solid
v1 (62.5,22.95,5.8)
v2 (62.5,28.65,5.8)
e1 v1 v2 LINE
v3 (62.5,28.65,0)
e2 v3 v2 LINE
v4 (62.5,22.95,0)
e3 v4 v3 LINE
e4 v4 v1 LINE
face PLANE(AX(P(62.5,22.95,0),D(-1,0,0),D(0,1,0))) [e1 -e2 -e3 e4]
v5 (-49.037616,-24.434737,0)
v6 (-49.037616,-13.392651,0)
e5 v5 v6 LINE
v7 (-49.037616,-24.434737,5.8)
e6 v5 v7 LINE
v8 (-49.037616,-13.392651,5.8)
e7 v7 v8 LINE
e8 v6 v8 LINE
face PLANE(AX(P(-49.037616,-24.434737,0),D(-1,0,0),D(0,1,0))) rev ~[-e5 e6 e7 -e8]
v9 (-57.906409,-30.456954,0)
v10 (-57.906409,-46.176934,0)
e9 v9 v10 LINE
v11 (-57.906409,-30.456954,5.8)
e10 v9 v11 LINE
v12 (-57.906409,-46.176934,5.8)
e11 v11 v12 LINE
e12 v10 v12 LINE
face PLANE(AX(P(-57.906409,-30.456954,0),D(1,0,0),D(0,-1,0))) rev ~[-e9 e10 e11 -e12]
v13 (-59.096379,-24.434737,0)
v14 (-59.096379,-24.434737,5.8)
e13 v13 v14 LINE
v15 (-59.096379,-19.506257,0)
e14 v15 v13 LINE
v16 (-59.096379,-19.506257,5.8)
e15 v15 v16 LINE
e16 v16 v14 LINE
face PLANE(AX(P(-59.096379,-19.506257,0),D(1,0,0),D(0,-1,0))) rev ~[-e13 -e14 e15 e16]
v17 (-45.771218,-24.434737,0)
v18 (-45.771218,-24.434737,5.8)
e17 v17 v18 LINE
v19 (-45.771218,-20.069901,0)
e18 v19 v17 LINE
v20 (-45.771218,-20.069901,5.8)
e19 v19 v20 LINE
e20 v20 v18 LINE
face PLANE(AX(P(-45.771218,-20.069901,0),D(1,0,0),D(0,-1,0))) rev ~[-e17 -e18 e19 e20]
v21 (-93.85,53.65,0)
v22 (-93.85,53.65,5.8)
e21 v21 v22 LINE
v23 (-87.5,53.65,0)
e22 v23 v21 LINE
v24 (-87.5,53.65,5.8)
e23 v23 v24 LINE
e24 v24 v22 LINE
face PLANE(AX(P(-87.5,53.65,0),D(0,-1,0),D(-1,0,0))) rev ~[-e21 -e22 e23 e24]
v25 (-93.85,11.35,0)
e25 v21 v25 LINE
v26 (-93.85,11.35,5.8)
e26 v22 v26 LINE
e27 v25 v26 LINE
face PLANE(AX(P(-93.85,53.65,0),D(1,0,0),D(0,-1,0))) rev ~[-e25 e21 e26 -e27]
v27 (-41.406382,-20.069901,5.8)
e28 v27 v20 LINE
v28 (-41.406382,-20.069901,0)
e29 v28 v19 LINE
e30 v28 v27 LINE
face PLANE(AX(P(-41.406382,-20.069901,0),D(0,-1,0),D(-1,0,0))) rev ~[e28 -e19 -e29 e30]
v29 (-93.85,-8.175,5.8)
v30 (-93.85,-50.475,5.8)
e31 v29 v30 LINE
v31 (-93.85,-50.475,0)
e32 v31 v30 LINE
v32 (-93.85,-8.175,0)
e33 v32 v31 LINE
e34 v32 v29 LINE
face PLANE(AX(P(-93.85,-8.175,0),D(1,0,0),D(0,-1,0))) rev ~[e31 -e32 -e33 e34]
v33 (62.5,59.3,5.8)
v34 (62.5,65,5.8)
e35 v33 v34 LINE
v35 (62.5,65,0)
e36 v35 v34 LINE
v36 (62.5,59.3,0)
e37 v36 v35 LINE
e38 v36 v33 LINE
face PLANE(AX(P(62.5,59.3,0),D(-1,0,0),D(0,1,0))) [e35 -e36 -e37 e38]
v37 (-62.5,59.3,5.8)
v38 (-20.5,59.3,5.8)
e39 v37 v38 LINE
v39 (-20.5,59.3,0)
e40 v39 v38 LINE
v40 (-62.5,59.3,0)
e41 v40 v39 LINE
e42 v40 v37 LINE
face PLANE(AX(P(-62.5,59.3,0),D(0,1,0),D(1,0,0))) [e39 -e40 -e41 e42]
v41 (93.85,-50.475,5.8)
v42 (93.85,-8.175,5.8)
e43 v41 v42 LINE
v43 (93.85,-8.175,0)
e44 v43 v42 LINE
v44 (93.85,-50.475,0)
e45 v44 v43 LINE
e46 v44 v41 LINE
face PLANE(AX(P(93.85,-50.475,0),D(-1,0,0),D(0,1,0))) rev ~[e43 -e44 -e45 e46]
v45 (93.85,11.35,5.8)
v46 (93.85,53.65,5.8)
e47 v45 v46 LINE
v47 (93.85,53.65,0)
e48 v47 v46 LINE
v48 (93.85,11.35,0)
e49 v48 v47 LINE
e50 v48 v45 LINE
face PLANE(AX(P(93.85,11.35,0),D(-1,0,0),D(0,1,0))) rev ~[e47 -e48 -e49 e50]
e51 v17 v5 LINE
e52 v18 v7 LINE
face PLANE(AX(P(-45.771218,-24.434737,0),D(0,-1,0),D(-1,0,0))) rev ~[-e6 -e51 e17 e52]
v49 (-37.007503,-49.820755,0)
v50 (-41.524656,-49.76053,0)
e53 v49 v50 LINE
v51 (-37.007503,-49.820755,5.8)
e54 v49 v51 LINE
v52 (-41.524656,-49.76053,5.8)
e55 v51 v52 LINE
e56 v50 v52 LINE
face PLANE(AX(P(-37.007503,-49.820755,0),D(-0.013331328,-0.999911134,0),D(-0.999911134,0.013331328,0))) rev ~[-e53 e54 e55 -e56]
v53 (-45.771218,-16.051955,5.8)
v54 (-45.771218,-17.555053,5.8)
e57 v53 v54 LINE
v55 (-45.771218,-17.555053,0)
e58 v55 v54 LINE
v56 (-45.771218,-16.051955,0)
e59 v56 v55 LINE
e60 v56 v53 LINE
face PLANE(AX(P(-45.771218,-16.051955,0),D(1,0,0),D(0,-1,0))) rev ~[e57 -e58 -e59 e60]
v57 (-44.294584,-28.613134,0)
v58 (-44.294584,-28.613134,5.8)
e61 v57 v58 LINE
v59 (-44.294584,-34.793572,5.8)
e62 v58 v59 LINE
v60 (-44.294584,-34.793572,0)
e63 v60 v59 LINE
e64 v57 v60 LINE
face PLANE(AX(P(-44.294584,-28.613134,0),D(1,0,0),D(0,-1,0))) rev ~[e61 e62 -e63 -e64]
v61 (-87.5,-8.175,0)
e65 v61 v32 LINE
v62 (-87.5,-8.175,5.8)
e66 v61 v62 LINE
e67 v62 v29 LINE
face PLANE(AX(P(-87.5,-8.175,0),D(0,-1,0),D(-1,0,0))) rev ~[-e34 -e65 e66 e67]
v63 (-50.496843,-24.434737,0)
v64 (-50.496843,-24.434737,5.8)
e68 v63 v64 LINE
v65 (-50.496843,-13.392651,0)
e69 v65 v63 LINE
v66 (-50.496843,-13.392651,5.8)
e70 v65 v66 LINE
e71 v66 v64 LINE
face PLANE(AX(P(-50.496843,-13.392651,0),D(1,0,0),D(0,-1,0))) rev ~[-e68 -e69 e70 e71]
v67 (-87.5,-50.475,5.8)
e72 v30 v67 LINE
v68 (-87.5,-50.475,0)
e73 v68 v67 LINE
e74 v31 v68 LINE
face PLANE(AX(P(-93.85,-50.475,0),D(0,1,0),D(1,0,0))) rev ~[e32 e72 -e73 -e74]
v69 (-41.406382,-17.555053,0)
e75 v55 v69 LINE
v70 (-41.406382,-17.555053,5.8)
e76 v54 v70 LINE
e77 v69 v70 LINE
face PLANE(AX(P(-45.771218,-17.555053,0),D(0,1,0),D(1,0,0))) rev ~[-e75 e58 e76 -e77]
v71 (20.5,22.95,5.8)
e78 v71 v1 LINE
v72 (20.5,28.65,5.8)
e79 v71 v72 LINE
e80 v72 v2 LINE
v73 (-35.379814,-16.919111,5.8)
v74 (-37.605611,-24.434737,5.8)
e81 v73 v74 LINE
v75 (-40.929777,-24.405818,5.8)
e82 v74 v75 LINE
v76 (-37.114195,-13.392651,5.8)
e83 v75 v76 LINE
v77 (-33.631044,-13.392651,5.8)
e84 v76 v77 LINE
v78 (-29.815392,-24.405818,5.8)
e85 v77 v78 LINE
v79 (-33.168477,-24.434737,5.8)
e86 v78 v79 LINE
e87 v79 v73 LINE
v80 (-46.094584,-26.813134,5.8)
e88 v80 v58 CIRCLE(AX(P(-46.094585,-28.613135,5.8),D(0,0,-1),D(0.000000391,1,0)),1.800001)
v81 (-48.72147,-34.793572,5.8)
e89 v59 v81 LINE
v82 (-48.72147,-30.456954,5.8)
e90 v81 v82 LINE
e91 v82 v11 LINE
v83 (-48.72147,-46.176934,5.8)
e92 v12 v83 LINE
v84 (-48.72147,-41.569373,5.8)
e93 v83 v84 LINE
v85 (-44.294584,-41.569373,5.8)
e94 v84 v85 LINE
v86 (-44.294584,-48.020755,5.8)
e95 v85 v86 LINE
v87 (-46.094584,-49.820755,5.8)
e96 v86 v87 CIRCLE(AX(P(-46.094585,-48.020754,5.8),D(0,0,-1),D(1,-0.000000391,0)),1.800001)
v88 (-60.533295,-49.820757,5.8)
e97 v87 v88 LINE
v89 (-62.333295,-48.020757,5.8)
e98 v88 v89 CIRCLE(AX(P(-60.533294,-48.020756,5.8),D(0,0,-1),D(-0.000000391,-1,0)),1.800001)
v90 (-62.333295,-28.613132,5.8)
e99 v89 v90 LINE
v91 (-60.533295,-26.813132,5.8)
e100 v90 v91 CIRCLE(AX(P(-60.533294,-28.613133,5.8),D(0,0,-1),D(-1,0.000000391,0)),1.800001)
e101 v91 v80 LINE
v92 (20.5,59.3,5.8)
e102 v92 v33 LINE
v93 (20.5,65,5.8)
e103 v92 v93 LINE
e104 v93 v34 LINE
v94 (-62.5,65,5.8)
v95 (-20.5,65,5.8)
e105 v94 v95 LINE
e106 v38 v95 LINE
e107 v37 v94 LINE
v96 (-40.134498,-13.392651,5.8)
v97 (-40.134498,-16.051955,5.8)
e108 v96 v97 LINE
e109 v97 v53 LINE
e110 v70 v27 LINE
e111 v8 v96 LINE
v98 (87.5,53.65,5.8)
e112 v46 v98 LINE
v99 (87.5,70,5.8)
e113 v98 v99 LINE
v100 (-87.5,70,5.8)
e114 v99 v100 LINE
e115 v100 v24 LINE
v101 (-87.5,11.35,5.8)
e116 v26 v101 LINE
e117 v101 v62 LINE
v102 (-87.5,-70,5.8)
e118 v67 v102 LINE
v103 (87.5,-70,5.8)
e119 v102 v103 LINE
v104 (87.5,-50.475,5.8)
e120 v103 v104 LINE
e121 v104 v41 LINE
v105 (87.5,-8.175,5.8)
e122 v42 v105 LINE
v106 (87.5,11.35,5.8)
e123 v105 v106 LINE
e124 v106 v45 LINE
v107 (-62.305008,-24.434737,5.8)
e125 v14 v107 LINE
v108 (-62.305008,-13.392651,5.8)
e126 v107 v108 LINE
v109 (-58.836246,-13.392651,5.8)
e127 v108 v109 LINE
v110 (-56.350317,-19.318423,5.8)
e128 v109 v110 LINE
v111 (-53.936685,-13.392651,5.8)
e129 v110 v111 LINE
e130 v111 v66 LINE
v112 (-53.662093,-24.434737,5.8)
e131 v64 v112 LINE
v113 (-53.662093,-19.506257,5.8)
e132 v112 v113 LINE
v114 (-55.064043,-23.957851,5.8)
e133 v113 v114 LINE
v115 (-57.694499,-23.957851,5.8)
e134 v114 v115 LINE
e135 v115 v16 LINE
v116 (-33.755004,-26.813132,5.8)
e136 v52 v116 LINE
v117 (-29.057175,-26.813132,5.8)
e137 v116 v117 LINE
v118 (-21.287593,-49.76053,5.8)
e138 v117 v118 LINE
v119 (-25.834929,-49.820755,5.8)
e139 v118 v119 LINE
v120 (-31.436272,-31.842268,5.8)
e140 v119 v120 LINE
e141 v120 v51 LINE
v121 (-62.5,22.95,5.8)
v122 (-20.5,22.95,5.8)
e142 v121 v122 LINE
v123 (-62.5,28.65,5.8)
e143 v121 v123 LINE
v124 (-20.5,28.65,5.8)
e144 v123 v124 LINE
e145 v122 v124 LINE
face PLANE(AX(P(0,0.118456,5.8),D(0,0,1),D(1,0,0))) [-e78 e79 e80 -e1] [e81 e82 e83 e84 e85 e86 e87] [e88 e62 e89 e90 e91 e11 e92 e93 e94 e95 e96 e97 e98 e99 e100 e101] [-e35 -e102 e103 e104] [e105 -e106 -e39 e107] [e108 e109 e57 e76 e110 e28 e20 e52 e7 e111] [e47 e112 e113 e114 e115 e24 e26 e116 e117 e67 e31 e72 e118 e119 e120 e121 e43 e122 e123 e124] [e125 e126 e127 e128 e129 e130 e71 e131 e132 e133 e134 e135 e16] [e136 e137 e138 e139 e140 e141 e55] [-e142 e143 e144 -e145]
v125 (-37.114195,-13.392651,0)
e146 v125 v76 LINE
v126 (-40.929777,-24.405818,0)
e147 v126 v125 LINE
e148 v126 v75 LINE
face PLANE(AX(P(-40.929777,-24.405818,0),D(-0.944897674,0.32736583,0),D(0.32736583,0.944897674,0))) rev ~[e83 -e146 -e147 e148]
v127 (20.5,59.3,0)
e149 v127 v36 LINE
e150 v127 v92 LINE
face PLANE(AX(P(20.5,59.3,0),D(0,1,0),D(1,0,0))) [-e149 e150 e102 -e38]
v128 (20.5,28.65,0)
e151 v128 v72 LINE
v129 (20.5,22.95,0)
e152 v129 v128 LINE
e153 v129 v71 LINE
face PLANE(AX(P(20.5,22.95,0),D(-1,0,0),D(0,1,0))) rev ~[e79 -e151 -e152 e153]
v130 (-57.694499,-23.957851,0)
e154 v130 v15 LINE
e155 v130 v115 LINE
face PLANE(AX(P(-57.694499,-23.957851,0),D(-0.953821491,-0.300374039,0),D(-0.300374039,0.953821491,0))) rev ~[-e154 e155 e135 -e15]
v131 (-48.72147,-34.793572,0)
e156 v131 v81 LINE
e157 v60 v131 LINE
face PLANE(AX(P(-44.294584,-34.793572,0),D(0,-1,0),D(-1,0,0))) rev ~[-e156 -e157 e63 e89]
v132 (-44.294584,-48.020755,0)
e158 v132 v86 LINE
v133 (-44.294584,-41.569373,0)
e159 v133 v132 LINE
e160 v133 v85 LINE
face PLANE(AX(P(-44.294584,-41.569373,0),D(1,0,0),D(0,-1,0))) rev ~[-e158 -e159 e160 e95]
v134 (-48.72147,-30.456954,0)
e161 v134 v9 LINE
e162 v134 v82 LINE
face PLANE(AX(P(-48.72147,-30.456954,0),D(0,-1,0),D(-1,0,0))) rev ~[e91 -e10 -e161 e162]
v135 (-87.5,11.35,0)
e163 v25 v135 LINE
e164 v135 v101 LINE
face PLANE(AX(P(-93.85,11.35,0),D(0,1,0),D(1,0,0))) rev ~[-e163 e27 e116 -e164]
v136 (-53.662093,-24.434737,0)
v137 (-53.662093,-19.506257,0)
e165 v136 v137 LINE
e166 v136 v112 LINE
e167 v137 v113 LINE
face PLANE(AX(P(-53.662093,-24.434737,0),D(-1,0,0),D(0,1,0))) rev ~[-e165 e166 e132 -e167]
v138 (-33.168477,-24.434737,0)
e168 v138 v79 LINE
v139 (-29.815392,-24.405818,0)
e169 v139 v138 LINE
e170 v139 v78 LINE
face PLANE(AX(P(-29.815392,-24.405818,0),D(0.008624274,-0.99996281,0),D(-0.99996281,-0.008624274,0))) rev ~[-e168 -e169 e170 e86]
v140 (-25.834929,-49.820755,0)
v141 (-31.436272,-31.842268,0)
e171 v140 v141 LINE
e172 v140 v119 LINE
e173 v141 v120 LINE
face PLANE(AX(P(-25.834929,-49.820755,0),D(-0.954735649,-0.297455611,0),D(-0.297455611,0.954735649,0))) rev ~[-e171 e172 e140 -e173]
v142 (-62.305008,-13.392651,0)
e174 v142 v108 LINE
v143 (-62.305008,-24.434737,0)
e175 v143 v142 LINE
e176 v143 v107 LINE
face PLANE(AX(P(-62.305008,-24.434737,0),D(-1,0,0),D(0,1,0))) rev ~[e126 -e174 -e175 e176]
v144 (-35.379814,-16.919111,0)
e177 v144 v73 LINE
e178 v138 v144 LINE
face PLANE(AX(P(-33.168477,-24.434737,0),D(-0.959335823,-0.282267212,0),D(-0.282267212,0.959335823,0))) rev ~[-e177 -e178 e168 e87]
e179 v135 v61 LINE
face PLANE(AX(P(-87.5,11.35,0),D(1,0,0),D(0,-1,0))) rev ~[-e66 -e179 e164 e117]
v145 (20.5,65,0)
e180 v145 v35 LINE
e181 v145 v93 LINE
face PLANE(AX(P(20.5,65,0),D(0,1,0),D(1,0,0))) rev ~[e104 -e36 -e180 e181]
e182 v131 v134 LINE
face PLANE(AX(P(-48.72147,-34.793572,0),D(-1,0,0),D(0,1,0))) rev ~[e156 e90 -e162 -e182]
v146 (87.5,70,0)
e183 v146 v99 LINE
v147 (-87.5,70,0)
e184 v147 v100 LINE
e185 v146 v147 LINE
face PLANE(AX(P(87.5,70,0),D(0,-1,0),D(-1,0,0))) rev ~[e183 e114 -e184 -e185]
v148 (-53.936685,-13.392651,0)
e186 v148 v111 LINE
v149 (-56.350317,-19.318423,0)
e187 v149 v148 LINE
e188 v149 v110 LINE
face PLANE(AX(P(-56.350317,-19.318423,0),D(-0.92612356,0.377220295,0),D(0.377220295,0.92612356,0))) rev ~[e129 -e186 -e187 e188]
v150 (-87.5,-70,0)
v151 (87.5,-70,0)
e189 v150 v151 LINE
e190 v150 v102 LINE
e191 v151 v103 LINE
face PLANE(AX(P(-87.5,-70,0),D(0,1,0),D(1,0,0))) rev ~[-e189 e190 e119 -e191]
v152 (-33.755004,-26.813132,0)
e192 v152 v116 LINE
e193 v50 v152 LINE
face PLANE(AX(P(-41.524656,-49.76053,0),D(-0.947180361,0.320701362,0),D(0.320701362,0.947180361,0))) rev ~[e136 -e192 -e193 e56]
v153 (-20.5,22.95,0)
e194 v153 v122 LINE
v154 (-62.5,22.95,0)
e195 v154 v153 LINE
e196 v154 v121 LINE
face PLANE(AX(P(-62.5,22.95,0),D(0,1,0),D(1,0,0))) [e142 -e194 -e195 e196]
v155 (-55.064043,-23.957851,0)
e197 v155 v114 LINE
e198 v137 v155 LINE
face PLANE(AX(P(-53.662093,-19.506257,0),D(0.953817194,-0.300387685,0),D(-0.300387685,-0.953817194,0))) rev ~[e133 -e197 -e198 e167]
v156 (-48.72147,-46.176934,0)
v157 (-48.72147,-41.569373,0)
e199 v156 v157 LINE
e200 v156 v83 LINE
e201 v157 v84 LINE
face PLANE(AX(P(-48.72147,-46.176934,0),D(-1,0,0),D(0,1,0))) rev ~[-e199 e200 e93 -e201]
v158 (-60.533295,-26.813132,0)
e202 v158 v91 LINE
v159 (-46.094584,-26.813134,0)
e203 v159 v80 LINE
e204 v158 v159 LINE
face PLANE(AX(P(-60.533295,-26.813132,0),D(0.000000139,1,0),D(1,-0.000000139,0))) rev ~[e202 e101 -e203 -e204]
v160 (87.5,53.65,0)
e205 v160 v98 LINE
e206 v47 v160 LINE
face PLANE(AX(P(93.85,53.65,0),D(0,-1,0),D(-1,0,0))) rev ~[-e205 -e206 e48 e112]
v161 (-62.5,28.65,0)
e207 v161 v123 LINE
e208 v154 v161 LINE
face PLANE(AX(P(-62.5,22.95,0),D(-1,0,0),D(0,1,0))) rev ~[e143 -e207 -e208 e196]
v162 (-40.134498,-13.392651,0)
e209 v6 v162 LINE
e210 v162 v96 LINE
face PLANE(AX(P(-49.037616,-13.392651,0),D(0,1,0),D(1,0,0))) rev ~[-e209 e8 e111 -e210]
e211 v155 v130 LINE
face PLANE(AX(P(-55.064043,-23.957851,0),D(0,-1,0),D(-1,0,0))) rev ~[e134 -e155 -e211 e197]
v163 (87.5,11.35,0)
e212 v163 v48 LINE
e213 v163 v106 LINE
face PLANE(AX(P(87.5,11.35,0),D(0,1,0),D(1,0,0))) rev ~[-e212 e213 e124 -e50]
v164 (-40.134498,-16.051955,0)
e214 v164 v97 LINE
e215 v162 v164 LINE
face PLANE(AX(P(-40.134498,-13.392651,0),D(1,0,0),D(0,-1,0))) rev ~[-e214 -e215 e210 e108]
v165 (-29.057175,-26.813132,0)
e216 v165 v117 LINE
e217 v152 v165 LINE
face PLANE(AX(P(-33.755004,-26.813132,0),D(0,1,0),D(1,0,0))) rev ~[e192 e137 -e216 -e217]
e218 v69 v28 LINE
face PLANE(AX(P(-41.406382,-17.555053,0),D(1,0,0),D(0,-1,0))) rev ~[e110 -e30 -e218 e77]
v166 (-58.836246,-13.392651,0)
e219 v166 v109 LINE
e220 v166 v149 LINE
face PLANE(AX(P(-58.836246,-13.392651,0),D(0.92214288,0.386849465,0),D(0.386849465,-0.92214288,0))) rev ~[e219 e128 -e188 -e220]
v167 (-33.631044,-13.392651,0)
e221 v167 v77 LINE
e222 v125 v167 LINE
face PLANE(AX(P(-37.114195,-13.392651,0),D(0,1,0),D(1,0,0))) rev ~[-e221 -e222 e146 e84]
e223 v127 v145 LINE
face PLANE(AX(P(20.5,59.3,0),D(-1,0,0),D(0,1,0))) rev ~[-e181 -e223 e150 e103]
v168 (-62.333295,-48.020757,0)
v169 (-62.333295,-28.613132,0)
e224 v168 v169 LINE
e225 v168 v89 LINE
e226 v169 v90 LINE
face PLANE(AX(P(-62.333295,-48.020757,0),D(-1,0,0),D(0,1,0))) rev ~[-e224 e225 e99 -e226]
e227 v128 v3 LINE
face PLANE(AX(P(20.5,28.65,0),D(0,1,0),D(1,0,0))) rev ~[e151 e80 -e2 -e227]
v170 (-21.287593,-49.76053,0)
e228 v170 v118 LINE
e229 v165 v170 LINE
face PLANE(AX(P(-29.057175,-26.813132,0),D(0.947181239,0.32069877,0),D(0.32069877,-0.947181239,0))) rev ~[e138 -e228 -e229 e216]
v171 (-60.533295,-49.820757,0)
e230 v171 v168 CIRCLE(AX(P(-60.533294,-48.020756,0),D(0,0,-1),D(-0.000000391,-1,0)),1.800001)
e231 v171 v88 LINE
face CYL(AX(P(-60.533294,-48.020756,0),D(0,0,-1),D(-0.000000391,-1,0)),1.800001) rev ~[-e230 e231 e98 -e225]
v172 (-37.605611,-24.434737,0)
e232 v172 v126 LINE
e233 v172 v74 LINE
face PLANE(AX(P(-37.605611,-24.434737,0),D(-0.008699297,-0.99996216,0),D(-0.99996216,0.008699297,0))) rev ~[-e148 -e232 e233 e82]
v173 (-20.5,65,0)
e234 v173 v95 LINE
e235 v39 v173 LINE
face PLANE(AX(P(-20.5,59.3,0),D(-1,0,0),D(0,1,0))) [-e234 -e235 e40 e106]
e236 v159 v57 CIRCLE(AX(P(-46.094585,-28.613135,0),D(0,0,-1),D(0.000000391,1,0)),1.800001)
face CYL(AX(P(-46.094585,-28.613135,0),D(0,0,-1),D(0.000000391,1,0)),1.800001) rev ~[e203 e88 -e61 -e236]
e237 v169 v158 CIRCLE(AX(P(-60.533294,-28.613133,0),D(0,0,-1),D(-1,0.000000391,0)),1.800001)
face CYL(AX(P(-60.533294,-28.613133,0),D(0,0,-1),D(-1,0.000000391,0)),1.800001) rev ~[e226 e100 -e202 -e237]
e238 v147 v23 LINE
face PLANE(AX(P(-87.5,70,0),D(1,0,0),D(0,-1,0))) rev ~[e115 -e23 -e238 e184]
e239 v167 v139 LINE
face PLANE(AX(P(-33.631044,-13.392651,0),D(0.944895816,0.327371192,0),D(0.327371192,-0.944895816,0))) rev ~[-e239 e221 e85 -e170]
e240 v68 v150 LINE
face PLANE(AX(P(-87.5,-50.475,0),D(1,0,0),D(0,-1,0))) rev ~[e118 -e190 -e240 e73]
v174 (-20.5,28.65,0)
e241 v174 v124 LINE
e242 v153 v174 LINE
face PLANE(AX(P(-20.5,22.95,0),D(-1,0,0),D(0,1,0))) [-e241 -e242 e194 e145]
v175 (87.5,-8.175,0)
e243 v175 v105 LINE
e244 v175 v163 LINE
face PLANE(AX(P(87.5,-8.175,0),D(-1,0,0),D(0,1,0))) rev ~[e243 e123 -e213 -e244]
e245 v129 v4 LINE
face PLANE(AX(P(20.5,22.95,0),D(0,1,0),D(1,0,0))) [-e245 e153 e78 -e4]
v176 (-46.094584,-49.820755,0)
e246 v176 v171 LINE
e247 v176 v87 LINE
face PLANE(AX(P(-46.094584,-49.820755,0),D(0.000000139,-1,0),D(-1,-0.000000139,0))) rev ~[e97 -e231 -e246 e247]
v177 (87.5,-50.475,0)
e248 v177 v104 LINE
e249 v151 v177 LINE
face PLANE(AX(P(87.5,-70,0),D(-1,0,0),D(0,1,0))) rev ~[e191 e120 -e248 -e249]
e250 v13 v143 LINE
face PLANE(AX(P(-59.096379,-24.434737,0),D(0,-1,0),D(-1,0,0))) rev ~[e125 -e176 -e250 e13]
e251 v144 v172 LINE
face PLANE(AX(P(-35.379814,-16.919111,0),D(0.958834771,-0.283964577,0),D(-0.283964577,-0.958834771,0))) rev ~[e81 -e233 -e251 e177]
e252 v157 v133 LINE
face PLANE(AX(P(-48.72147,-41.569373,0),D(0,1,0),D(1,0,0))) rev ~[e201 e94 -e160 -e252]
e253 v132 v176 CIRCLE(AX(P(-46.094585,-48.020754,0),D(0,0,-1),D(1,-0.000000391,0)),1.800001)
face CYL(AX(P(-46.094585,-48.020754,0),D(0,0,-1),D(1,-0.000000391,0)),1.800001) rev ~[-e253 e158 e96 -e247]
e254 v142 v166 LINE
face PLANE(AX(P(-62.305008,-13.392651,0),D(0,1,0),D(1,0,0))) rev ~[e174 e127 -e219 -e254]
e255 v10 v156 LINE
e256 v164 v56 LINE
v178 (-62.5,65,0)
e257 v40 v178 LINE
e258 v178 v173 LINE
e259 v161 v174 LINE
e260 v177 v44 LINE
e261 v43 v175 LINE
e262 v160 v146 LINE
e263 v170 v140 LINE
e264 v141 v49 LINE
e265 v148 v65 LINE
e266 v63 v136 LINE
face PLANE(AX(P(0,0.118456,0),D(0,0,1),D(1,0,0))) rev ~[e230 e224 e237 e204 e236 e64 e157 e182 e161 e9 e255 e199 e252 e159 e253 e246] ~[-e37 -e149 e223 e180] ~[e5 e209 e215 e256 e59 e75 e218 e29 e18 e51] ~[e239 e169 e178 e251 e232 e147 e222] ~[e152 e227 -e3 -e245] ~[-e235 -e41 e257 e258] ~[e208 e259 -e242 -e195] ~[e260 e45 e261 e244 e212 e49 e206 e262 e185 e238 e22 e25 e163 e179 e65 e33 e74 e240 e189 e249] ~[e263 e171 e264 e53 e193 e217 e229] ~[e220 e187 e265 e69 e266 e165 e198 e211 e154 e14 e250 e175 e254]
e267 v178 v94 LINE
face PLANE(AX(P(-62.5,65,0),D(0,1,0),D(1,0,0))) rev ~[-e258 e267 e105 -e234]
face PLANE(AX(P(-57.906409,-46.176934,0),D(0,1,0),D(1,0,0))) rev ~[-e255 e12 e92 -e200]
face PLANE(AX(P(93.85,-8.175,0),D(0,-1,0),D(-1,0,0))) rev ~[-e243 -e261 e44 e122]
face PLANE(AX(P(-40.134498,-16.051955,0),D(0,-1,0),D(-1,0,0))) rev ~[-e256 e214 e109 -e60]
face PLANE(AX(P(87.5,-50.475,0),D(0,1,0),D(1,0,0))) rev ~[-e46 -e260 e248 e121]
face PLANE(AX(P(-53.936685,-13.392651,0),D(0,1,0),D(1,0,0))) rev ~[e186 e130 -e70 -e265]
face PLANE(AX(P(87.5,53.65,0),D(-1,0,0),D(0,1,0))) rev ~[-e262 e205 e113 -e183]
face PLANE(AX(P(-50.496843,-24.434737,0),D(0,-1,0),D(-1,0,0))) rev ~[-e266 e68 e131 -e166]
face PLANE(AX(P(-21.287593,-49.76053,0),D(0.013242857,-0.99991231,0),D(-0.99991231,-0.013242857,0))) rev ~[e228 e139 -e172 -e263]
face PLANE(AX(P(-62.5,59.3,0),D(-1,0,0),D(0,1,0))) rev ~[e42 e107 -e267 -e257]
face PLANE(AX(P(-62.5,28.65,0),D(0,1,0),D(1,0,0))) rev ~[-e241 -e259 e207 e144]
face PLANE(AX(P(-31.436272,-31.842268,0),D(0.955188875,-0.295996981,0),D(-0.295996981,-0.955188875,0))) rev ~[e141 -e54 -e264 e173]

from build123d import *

# Parameters (mm, degrees)
F0_W     = 42
F0_H     = 5.7
F1_DEPTH = 5.8


with BuildPart() as f1:
    # F0 (on Top) → F1 (new body)
    with BuildSketch(Plane.XY):
        Polygon((87.5, 53.65), (87.5, 70), (-87.5, 70), (-87.5, 53.65), (-93.85, 53.65), (-93.85, 11.35), (-87.5, 11.35), (-87.5, -8.175), (-93.85, -8.175), (-93.85, -50.475), (-87.5, -50.475), (-87.5, -70), (87.5, -70), (87.5, -50.475), (93.85, -50.475), (93.85, -8.175), (87.5, -8.175), (87.5, 11.35), (93.85, 11.35), (93.85, 53.65), align=None)
        with BuildLine():
            ThreePointArc((-44.294584, -48.020755), (-44.821792, -49.293547), (-46.094584, -49.820755))
            Line((-46.094584, -49.820755), (-60.533295, -49.820757))
            ThreePointArc((-60.533295, -49.820757), (-61.806087, -49.293549), (-62.333295, -48.020757))
            Line((-62.333295, -48.020757), (-62.333295, -28.613132))
            ThreePointArc((-62.333295, -28.613132), (-61.806087, -27.34034), (-60.533295, -26.813132))
            Line((-60.533295, -26.813132), (-46.094584, -26.813134))
            ThreePointArc((-46.094584, -26.813134), (-44.821792, -27.340342), (-44.294584, -28.613134))
            Line((-44.294584, -28.613134), (-44.294584, -34.793572))
            Line((-44.294584, -34.793572), (-48.72147, -34.793572))
            Line((-48.72147, -34.793572), (-48.72147, -30.456954))
            Line((-48.72147, -30.456954), (-57.906409, -30.456954))
            Line((-57.906409, -30.456954), (-57.906409, -46.176934))
            Line((-57.906409, -46.176934), (-48.72147, -46.176934))
            Line((-48.72147, -46.176934), (-48.72147, -41.569373))
            Line((-48.72147, -41.569373), (-44.294584, -41.569373))
            Line((-44.294584, -41.569373), (-44.294584, -48.020755))
        make_face(mode=Mode.SUBTRACT)
        Polygon((-37.007503, -49.820755), (-41.524656, -49.76053), (-33.755004, -26.813132), (-29.057175, -26.813132), (-21.287593, -49.76053), (-25.834929, -49.820755), (-31.436272, -31.842268), align=None, mode=Mode.SUBTRACT)
        Polygon((-59.096379, -24.434737), (-62.305008, -24.434737), (-62.305008, -13.392651), (-58.836246, -13.392651), (-56.350317, -19.318423), (-53.936685, -13.392651), (-50.496843, -13.392651), (-50.496843, -24.434737), (-53.662093, -24.434737), (-53.662093, -19.506257), (-55.064043, -23.957851), (-57.694499, -23.957851), (-59.096379, -19.506257), align=None, mode=Mode.SUBTRACT)
        Polygon((-45.771218, -20.069901), (-45.771218, -24.434737), (-49.037616, -24.434737), (-49.037616, -13.392651), (-40.134498, -13.392651), (-40.134498, -16.051955), (-45.771218, -16.051955), (-45.771218, -17.555053), (-41.406382, -17.555053), (-41.406382, -20.069901), align=None, mode=Mode.SUBTRACT)
        Polygon((-37.605611, -24.434737), (-40.929777, -24.405818), (-37.114195, -13.392651), (-33.631044, -13.392651), (-29.815392, -24.405818), (-33.168477, -24.434737), (-35.379814, -16.919111), align=None, mode=Mode.SUBTRACT)
        with Locations((-41.5, 25.8)):
            Rectangle(F0_W, F0_H, mode=Mode.SUBTRACT)
        with Locations((-41.5, 62.15)):
            Rectangle(F0_W, F0_H, mode=Mode.SUBTRACT)
        with Locations((41.5, 25.8)):
            Rectangle(F0_W, F0_H, mode=Mode.SUBTRACT)
        with Locations((41.5, 62.15)):
            Rectangle(F0_W, F0_H, mode=Mode.SUBTRACT)
    extrude(amount=F1_DEPTH)


solid = f1.part
